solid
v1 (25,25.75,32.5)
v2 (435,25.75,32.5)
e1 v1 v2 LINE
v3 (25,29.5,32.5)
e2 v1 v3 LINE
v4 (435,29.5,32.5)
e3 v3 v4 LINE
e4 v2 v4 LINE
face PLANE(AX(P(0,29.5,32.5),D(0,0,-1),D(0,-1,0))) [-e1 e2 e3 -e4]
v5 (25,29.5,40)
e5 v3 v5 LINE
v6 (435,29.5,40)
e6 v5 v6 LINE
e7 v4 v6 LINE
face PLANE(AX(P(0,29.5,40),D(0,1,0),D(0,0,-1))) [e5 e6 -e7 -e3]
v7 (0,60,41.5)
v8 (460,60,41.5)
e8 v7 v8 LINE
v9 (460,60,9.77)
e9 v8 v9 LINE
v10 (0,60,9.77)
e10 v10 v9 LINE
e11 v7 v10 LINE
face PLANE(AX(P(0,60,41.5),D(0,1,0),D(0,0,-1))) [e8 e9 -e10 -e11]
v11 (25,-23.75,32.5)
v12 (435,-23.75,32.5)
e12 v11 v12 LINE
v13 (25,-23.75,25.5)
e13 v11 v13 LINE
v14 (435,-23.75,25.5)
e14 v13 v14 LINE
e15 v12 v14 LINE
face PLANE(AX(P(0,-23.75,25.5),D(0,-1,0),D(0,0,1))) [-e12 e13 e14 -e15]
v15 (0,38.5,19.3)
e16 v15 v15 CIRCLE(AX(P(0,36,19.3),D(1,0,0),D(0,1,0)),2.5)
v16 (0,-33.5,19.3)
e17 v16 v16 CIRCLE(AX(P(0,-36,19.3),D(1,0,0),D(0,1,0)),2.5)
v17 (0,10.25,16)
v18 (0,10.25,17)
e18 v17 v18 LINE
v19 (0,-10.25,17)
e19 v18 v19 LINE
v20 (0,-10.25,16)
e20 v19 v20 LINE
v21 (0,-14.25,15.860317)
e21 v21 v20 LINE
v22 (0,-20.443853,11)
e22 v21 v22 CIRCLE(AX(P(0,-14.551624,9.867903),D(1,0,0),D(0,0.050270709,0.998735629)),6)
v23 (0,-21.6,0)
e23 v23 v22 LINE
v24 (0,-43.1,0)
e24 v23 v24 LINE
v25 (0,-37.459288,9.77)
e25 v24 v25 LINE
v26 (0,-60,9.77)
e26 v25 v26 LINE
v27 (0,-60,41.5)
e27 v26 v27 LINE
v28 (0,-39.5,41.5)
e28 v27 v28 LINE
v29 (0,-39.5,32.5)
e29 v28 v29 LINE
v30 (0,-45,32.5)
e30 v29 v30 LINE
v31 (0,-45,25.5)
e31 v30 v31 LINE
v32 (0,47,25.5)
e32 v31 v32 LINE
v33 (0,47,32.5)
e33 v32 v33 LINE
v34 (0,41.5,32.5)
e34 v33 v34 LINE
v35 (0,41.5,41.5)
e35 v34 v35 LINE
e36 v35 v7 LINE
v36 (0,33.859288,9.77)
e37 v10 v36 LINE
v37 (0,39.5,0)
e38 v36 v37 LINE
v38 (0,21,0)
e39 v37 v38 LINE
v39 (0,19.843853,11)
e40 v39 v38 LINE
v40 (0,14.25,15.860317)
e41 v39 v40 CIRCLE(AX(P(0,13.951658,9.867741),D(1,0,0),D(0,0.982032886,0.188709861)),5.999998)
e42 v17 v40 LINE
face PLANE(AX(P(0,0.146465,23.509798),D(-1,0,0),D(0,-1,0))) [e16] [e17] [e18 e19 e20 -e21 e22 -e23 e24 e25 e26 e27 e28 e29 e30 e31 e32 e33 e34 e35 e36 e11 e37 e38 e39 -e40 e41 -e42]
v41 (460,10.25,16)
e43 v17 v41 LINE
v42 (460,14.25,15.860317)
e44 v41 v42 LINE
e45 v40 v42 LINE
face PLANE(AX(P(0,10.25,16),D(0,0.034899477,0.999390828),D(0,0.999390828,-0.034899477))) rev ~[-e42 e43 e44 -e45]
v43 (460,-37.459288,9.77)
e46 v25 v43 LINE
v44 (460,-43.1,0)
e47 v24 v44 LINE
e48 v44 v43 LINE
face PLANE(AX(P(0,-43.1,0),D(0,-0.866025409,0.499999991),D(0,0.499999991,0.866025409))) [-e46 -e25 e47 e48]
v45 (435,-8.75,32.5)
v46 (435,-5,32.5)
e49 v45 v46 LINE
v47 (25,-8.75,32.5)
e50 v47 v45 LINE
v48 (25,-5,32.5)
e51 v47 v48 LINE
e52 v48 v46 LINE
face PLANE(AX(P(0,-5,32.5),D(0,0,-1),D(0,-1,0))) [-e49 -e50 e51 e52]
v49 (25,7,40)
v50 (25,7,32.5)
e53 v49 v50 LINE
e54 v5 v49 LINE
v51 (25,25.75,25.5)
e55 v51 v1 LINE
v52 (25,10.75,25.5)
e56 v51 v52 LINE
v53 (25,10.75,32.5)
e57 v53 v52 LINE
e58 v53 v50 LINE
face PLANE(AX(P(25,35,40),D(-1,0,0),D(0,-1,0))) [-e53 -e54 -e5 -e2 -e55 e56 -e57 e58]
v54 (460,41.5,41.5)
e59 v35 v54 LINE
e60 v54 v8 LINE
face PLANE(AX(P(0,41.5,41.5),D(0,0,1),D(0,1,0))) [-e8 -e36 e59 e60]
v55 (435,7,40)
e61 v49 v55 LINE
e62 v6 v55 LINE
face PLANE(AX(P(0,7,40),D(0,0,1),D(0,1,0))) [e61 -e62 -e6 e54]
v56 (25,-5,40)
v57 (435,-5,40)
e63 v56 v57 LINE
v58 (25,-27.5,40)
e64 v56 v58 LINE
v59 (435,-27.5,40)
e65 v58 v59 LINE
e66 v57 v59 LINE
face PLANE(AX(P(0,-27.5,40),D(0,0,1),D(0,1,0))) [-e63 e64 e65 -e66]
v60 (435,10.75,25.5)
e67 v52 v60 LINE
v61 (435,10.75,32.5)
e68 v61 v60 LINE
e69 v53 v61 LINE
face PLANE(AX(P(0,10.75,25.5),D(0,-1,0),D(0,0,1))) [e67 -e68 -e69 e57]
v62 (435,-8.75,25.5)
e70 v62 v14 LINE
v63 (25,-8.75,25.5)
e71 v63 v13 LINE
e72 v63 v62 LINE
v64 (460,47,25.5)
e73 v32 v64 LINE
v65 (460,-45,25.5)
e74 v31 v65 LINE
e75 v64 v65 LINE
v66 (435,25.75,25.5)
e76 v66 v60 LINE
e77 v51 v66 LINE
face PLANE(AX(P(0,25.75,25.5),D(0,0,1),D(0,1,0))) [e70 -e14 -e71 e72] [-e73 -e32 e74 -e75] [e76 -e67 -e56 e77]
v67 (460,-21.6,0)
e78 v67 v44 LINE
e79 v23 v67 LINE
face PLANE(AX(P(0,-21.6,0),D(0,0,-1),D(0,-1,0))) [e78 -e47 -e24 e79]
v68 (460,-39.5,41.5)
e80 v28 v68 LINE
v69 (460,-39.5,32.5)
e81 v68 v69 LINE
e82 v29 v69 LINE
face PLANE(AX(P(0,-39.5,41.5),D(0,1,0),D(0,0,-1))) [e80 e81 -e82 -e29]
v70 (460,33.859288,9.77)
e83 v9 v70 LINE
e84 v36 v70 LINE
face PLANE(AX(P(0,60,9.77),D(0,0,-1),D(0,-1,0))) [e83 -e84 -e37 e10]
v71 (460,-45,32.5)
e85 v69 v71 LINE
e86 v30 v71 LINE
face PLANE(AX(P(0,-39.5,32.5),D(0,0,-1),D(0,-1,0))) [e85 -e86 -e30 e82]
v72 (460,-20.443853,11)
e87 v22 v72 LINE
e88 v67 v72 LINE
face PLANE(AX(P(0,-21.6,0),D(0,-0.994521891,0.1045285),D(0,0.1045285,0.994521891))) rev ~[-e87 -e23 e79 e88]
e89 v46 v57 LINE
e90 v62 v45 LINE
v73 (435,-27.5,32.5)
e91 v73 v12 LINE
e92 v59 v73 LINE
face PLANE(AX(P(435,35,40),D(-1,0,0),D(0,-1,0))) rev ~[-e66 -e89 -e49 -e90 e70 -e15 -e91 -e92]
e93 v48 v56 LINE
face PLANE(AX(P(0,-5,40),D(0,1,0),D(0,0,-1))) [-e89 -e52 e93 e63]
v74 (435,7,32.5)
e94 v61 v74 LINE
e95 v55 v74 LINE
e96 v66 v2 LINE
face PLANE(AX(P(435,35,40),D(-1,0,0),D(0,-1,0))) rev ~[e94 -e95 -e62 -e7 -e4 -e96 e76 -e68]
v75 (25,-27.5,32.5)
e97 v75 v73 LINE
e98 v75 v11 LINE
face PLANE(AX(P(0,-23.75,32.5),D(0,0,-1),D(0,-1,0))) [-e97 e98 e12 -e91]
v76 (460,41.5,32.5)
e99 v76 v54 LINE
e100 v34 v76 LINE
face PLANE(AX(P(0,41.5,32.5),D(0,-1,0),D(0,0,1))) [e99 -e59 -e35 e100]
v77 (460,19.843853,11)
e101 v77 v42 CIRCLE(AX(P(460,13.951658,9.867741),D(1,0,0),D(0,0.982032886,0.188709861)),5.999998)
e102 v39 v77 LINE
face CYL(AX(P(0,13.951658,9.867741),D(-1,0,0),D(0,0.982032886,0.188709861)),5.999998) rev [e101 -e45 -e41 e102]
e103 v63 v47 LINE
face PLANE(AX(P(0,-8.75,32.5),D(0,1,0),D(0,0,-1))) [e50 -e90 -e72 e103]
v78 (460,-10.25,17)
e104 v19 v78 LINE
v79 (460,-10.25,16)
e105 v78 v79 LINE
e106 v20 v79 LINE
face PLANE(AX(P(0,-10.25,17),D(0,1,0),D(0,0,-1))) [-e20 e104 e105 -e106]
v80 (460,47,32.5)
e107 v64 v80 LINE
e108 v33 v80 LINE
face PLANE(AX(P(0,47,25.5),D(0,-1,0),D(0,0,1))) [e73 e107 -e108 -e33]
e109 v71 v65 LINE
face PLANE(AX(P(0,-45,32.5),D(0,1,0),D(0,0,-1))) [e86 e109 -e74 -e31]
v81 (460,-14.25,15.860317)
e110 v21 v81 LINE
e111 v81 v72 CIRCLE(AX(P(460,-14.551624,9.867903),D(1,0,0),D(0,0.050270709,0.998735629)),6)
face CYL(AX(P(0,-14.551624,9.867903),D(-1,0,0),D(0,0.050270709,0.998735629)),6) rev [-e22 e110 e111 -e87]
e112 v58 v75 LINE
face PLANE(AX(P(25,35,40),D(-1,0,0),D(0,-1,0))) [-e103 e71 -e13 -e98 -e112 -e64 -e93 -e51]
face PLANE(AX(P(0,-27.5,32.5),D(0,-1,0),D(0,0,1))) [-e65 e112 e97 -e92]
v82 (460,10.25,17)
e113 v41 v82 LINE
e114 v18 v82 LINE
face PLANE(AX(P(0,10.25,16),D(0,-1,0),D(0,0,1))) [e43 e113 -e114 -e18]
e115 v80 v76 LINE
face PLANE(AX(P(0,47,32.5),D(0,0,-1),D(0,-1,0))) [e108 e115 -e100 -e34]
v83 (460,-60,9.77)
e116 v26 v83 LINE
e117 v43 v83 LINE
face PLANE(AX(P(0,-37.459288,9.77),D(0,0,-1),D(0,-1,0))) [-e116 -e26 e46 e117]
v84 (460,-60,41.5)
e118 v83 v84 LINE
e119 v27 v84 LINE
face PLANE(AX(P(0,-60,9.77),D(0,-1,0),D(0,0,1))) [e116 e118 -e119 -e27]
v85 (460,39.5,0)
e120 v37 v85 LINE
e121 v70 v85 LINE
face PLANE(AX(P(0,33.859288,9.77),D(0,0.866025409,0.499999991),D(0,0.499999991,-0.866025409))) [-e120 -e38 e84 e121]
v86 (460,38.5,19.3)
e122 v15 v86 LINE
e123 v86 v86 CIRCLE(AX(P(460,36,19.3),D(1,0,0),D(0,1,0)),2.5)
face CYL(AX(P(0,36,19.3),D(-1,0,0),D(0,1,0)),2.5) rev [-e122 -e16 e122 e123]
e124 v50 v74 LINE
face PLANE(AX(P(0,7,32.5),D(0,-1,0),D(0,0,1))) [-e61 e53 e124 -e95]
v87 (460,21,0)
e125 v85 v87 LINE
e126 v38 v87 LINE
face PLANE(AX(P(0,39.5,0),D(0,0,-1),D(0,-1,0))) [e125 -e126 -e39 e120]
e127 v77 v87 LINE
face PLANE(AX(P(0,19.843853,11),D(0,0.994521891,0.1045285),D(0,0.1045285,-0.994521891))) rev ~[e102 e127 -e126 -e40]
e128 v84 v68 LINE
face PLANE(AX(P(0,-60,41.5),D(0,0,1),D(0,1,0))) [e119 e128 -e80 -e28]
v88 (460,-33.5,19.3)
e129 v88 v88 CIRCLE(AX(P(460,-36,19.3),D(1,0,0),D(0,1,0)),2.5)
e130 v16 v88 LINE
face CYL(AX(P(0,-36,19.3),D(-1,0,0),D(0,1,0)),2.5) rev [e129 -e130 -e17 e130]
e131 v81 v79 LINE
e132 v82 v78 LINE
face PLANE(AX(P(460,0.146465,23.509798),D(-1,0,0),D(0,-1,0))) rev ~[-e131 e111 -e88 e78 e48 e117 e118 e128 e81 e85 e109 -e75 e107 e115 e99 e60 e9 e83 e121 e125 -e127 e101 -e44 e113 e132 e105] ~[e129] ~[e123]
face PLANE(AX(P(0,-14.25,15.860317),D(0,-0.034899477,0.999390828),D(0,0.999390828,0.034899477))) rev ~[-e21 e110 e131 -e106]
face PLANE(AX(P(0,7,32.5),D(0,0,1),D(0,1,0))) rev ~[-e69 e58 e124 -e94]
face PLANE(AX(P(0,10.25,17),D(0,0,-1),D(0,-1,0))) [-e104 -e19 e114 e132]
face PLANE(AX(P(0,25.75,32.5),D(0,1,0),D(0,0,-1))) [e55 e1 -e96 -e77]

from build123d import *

# Parameters (mm, degrees)
SKETCH_R     = 2.5
PAD_DEPTH    = 460
SKETCH001_W  = 70
SKETCH001_H  = 25
POCKET_DEPTH = 14.5


with BuildPart() as part:
    # Sketch → Pad (new body)
    with BuildSketch(Plane.YZ):
        with BuildLine():
            Line((-43.1, 0), (-37.459288, 9.77))
            Line((-37.459288, 9.77), (-60, 9.77))
            Line((-60, 9.77), (-60, 41.5))
            Line((-60, 41.5), (-39.5, 41.5))
            Line((-39.5, 41.5), (-39.5, 32.5))
            Line((-39.5, 32.5), (-45, 32.5))
            Line((-45, 32.5), (-45, 25.5))
            Line((-45, 25.5), (-23.75, 25.5))
            Line((-23.75, 25.5), (-23.75, 32.5))
            Line((-23.75, 32.5), (-27.5, 32.5))
            Line((-27.5, 32.5), (-27.5, 40))
            Line((-27.5, 40), (-5, 40))
            Line((-5, 40), (-5, 32.5))
            Line((-5, 32.5), (-8.75, 32.5))
            Line((-8.75, 32.5), (-8.75, 25.5))
            Line((-8.75, 25.5), (10.75, 25.5))
            Line((10.75, 25.5), (10.75, 32.5))
            Line((7, 32.5), (10.75, 32.5))
            Line((7, 32.5), (7, 40))
            Line((7, 40), (29.5, 40))
            Line((29.5, 40), (29.5, 32.5))
            Line((29.5, 32.5), (25.75, 32.5))
            Line((25.75, 32.5), (25.75, 25.5))
            Line((25.75, 25.5), (47, 25.5))
            Line((47, 25.5), (47, 32.5))
            Line((47, 32.5), (41.5, 32.5))
            Line((41.5, 32.5), (41.5, 41.5))
            Line((41.5, 41.5), (60, 41.5))
            Line((60, 41.5), (60, 9.77))
            Line((60, 9.77), (33.859288, 9.77))
            Line((33.859288, 9.77), (39.5, 0))
            Line((39.5, 0), (21, 0))
            Line((19.843853, 11), (21, 0))
            ThreePointArc((19.843853, 11), (17.886929, 14.396937), (14.25, 15.860317))
            Line((10.25, 16), (14.25, 15.860317))
            Line((10.25, 16), (10.25, 17))
            Line((10.25, 17), (-10.25, 17))
            Line((-10.25, 17), (-10.25, 16))
            Line((-14.25, 15.860317), (-10.25, 16))
            ThreePointArc((-14.25, 15.860317), (-18.255593, 14.588138), (-20.443853, 11))
            Line((-21.6, 0), (-20.443853, 11))
            Line((-21.6, 0), (-43.1, 0))
        make_face()
        with Locations((36, 19.3)):
            Circle(SKETCH_R, mode=Mode.SUBTRACT)
        with Locations((-36, 19.3)):
            Circle(SKETCH_R, mode=Mode.SUBTRACT)
    extrude(amount=PAD_DEPTH)

    # Sketch001 → Pocket (cut)
    with BuildSketch(Plane(origin=(0, 0, 40), x_dir=(0, -1, 0), z_dir=(0, 0, 1))):
        with Locations((0, 12.5)):
            Rectangle(SKETCH001_W, SKETCH001_H)
        with Locations((0, 447.5)):
            Rectangle(SKETCH001_W, SKETCH001_H)
    extrude(amount=-POCKET_DEPTH, mode=Mode.SUBTRACT)


solid = part.part
